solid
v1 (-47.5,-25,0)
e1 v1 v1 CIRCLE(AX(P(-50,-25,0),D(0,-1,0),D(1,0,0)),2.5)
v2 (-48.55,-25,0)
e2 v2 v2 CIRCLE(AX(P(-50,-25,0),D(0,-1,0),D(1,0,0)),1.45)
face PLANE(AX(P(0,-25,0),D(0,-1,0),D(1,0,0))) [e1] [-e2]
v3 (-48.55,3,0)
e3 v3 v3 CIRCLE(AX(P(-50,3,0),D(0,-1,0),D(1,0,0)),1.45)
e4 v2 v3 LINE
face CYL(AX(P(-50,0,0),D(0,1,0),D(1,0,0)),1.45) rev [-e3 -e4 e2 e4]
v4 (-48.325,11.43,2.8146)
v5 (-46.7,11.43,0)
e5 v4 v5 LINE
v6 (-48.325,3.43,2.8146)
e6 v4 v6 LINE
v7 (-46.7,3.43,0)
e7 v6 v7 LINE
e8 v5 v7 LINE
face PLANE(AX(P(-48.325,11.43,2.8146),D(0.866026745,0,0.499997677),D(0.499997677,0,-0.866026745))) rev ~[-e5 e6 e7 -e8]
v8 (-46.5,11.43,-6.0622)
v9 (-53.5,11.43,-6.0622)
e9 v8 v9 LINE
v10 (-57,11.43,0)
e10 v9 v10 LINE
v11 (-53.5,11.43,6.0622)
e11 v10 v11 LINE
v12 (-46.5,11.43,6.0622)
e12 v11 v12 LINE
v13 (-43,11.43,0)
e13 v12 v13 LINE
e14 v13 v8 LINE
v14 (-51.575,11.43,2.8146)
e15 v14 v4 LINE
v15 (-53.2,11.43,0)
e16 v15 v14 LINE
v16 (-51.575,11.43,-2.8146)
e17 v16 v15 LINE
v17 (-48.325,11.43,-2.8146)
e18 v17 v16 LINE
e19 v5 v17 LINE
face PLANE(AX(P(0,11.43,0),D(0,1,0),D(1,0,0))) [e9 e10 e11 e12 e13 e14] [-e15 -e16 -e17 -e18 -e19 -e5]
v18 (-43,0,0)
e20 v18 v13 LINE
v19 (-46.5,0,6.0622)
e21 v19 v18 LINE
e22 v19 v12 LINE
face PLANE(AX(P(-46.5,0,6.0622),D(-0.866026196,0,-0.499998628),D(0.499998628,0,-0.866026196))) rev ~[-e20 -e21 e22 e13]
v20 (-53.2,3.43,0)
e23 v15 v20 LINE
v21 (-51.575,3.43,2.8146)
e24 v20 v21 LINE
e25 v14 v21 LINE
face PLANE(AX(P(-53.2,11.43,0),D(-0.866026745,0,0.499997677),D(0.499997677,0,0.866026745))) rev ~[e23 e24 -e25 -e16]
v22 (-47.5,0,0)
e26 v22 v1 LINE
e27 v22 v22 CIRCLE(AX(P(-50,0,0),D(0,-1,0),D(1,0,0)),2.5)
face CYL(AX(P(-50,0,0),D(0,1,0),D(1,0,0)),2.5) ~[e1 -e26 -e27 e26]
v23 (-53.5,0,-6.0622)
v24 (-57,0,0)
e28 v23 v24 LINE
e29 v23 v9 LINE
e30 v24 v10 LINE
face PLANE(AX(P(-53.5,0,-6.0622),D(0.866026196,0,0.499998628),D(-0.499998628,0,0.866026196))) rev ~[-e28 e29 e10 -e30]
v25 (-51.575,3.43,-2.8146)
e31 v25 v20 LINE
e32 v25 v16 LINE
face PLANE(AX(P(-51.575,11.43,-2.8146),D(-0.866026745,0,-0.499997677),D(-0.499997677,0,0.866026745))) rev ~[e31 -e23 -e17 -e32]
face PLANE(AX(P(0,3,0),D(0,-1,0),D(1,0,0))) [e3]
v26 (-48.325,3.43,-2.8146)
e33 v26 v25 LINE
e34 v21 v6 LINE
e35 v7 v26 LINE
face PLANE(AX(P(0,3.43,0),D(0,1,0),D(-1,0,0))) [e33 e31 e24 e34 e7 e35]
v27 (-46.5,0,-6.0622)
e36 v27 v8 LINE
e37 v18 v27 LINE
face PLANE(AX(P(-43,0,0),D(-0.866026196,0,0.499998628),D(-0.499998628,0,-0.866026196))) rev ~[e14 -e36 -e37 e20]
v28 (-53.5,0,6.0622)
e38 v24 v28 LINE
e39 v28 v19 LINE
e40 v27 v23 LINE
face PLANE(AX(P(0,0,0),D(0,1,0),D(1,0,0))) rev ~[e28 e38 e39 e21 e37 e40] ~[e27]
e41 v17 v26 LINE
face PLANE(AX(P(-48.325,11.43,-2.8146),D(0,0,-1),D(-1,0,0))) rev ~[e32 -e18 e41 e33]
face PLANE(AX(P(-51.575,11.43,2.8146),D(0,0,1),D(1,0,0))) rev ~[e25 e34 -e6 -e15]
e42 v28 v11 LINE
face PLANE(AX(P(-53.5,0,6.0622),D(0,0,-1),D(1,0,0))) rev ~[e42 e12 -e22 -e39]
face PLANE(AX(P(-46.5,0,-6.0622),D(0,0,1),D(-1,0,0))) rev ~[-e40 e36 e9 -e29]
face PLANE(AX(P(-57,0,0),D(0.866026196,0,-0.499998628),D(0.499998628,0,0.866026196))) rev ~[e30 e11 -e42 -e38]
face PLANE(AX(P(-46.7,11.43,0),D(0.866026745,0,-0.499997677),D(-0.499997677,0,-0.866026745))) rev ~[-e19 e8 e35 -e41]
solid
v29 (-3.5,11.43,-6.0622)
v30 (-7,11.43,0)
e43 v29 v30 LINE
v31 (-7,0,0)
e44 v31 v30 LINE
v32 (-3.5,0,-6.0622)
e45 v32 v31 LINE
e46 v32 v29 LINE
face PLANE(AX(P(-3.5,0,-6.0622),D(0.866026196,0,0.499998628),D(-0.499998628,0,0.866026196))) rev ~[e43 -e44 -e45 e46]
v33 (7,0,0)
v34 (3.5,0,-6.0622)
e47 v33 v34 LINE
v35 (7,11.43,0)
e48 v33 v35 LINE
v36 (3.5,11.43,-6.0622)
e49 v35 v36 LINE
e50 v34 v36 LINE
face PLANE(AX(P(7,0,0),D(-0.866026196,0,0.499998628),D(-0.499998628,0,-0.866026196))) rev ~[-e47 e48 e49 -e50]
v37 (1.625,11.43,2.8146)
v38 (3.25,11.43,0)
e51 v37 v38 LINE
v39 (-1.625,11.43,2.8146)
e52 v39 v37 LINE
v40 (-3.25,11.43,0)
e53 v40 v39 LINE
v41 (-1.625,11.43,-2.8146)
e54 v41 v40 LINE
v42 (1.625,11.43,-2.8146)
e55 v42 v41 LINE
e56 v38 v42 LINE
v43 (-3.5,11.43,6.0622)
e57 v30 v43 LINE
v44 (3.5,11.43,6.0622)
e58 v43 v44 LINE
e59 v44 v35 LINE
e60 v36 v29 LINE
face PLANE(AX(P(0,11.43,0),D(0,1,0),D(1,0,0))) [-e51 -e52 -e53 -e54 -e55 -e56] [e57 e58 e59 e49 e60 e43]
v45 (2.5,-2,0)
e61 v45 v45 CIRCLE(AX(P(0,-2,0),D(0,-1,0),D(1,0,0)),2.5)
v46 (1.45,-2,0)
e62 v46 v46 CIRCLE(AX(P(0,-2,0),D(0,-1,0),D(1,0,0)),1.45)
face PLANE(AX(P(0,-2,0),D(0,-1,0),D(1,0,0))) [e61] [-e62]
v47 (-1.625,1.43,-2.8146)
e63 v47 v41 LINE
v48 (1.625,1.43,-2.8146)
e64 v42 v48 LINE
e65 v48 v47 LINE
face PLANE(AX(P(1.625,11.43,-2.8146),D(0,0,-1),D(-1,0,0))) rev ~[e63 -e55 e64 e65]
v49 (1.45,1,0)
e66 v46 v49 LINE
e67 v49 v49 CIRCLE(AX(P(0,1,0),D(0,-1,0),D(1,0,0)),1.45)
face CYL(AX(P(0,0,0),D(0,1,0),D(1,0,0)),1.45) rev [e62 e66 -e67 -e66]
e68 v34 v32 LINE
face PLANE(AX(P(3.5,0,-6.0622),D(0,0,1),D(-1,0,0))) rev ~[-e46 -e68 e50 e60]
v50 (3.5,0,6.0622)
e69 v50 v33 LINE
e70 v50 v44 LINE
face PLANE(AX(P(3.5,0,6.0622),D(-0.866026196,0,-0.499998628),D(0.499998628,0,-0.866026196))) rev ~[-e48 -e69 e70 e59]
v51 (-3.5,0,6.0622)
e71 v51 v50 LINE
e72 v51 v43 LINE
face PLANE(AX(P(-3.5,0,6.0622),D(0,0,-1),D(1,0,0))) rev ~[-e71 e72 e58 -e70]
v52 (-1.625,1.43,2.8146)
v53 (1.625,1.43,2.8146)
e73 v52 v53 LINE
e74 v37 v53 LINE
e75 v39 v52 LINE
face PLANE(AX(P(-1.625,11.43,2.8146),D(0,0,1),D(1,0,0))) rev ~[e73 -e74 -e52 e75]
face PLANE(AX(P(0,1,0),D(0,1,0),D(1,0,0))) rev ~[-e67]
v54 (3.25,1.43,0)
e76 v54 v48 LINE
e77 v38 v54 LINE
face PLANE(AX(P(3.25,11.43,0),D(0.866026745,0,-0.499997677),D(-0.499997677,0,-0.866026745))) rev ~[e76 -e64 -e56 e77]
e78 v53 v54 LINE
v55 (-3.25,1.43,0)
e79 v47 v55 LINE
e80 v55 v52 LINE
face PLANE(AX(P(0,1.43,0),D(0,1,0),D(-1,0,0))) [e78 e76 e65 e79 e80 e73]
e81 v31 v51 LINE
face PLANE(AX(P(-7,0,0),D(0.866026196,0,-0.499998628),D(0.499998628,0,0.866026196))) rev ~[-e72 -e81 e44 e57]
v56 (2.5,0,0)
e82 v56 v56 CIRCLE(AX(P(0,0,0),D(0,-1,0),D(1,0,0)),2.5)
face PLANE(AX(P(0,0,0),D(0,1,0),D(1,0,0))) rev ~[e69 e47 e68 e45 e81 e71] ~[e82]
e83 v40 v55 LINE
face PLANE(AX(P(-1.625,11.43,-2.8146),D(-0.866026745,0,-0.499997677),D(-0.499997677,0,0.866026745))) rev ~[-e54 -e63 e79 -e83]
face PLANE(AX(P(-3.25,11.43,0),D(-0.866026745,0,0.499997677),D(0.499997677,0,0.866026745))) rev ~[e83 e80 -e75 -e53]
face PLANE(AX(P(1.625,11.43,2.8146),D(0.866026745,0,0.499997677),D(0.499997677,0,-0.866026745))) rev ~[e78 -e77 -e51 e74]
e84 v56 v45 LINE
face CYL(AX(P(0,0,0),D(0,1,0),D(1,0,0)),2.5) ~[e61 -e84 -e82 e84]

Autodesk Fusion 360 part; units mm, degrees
sketch "Sketch1" plane through (0, 0, 0) normal (0, 1, 0) x (1, 0, 0)
  line L0 (-7, 0) -> (-3.5, -6.0622)
  line L1 (-3.5, -6.0622) -> (3.5, -6.0622)
  line L2 (3.5, -6.0622) -> (7, 0)
  line L3 (7, 0) -> (3.5, 6.0622)
  line L4 (3.5, 6.0622) -> (-3.5, 6.0622)
  line L5 (-3.5, 6.0622) -> (-7, 0)
extrude "Extrude1" add sketch "Sketch1" along normal blind 11.43 makes body 1
sketch "Sketch2" plane through (0, 0, 0) normal (0, -1, 0) x (1, 0, 0)
  line L0 (-7, 0) -> (-3.5, -6.0622)
  line L1 (-3.5, -6.0622) -> (3.5, -6.0622)
  line L2 (3.5, -6.0622) -> (7, 0)
  line L3 (7, 0) -> (3.5, 6.0622)
  line L4 (3.5, 6.0622) -> (-3.5, 6.0622)
  line L5 (-3.5, 6.0622) -> (-7, 0)
  circle A0 centre (0, 0) radius 1.45
  circle A1 centre (0, 0) radius 2.5
  dimension "d3" = 2.9
  dimension "d4" = 5
extrude "Extrude2" add sketch "Sketch2" along normal blind 2 contours A1 bodies 1
extrude "Extrude3" cut 1 faces at (1.0088, 0, 0.1932) along direction (0, 1, 0) blind 1 on bodies 1 bodies 1
sketch "Sketch3" plane through (0, 0, 0) normal (0, 1, 0) x (1, 0, 0)
  line L0 (-43, 0) -> (-46.5, 6.0622)
  line L1 (-46.5, 6.0622) -> (-53.5, 6.0622)
  line L2 (-53.5, 6.0622) -> (-57, 0)
  line L3 (-57, 0) -> (-53.5, -6.0622)
  line L4 (-53.5, -6.0622) -> (-46.5, -6.0622)
  line L5 (-46.5, -6.0622) -> (-43, 0)
  point P0 (-50, 0)
  point P1 (-50, 0)
extrude "Extrude4" add sketch "Sketch3" along normal blind 11.43 separate body makes body 2
sketch "Sketch4" plane through (0, 0, 0) normal (0, -1, 0) x (1, 0, 0)
  line L0 (-43, 0) -> (-46.5, 6.0622)
  line L1 (-46.5, 6.0622) -> (-53.5, 6.0622)
  line L2 (-53.5, 6.0622) -> (-57, 0)
  line L3 (-57, 0) -> (-53.5, -6.0622)
  line L4 (-53.5, -6.0622) -> (-46.5, -6.0622)
  line L5 (-46.5, -6.0622) -> (-43, 0)
  circle A0 centre (-50, 0) radius 1.45
  circle A1 centre (-50, 0) radius 2.5
  dimension "d11" = 2.9
  dimension "d12" = 5
sketch "Sketch5" plane through (0, 11.43, 0) normal (0, 1, 0) x (-1, 0, 0)
  line L0 (3.5, -6.0622) -> (7, 0)
  line L1 (7, 0) -> (3.5, 6.0622)
  line L2 (3.5, 6.0622) -> (-3.5, 6.0622)
  line L3 (-3.5, 6.0622) -> (-7, 0)
  line L4 (-7, 0) -> (-3.5, -6.0622)
  line L5 (-3.5, -6.0622) -> (3.5, -6.0622)
  line L6 (3.25, 0) -> (1.625, 2.8146)
  line L7 (1.625, 2.8146) -> (-1.625, 2.8146)
  line L8 (-1.625, 2.8146) -> (-3.25, 0)
  line L9 (-3.25, 0) -> (-1.625, -2.8146)
  line L10 (-1.625, -2.8146) -> (1.625, -2.8146)
  line L11 (1.625, -2.8146) -> (3.25, 0)
  dimension "d17" = 3.25
extrude "Extrude7" cut sketch "Sketch5" against normal blind 3 contours L6 L7 L8 L9 L10 L11 bodies 1
sketch "Sketch6" plane through (0, 11.43, 0) normal (0, 1, 0) x (-1, 0, 0)
  line L0 (46.5, 6.0622) -> (43, 0)
  line L1 (43, 0) -> (46.5, -6.0622)
  line L2 (46.5, -6.0622) -> (53.5, -6.0622)
  line L3 (53.5, -6.0622) -> (57, 0)
  line L4 (57, 0) -> (53.5, 6.0622)
  line L5 (53.5, 6.0622) -> (46.5, 6.0622)
  line L6 (53.2, 0) -> (51.575, 2.8146)
  line L7 (51.575, 2.8146) -> (48.325, 2.8146)
  line L8 (48.325, 2.8146) -> (46.7, 0)
  line L9 (46.7, 0) -> (48.325, -2.8146)
  line L10 (48.325, -2.8146) -> (51.575, -2.8146)
  line L11 (51.575, -2.8146) -> (53.2, 0)
  point P0 (49.95, 0)
  dimension "d20" = 3.25
extrude "Extrude8" cut sketch "Sketch6" against normal blind 3 contours L6 L7 L8 L9 L10 L11 bodies 2
extrude "Extrude9" add sketch "Sketch4" along normal blind 25 contours A1 bodies 2
extrude "Extrude10" cut sketch "Sketch4" against normal blind 3 contours A0 bodies 2
extrude "Extrude11" cut sketch "Sketch5" against normal blind 10 contours L6 L7 L8 L9 L10 L11 bodies 1
extrude "Extrude12" cut sketch "Sketch6" against normal blind 8 contours L6 L7 L8 L9 L10 L11 bodies 2
extrude "Extrude5" [suppressed]
extrude "Extrude6" [suppressed]
